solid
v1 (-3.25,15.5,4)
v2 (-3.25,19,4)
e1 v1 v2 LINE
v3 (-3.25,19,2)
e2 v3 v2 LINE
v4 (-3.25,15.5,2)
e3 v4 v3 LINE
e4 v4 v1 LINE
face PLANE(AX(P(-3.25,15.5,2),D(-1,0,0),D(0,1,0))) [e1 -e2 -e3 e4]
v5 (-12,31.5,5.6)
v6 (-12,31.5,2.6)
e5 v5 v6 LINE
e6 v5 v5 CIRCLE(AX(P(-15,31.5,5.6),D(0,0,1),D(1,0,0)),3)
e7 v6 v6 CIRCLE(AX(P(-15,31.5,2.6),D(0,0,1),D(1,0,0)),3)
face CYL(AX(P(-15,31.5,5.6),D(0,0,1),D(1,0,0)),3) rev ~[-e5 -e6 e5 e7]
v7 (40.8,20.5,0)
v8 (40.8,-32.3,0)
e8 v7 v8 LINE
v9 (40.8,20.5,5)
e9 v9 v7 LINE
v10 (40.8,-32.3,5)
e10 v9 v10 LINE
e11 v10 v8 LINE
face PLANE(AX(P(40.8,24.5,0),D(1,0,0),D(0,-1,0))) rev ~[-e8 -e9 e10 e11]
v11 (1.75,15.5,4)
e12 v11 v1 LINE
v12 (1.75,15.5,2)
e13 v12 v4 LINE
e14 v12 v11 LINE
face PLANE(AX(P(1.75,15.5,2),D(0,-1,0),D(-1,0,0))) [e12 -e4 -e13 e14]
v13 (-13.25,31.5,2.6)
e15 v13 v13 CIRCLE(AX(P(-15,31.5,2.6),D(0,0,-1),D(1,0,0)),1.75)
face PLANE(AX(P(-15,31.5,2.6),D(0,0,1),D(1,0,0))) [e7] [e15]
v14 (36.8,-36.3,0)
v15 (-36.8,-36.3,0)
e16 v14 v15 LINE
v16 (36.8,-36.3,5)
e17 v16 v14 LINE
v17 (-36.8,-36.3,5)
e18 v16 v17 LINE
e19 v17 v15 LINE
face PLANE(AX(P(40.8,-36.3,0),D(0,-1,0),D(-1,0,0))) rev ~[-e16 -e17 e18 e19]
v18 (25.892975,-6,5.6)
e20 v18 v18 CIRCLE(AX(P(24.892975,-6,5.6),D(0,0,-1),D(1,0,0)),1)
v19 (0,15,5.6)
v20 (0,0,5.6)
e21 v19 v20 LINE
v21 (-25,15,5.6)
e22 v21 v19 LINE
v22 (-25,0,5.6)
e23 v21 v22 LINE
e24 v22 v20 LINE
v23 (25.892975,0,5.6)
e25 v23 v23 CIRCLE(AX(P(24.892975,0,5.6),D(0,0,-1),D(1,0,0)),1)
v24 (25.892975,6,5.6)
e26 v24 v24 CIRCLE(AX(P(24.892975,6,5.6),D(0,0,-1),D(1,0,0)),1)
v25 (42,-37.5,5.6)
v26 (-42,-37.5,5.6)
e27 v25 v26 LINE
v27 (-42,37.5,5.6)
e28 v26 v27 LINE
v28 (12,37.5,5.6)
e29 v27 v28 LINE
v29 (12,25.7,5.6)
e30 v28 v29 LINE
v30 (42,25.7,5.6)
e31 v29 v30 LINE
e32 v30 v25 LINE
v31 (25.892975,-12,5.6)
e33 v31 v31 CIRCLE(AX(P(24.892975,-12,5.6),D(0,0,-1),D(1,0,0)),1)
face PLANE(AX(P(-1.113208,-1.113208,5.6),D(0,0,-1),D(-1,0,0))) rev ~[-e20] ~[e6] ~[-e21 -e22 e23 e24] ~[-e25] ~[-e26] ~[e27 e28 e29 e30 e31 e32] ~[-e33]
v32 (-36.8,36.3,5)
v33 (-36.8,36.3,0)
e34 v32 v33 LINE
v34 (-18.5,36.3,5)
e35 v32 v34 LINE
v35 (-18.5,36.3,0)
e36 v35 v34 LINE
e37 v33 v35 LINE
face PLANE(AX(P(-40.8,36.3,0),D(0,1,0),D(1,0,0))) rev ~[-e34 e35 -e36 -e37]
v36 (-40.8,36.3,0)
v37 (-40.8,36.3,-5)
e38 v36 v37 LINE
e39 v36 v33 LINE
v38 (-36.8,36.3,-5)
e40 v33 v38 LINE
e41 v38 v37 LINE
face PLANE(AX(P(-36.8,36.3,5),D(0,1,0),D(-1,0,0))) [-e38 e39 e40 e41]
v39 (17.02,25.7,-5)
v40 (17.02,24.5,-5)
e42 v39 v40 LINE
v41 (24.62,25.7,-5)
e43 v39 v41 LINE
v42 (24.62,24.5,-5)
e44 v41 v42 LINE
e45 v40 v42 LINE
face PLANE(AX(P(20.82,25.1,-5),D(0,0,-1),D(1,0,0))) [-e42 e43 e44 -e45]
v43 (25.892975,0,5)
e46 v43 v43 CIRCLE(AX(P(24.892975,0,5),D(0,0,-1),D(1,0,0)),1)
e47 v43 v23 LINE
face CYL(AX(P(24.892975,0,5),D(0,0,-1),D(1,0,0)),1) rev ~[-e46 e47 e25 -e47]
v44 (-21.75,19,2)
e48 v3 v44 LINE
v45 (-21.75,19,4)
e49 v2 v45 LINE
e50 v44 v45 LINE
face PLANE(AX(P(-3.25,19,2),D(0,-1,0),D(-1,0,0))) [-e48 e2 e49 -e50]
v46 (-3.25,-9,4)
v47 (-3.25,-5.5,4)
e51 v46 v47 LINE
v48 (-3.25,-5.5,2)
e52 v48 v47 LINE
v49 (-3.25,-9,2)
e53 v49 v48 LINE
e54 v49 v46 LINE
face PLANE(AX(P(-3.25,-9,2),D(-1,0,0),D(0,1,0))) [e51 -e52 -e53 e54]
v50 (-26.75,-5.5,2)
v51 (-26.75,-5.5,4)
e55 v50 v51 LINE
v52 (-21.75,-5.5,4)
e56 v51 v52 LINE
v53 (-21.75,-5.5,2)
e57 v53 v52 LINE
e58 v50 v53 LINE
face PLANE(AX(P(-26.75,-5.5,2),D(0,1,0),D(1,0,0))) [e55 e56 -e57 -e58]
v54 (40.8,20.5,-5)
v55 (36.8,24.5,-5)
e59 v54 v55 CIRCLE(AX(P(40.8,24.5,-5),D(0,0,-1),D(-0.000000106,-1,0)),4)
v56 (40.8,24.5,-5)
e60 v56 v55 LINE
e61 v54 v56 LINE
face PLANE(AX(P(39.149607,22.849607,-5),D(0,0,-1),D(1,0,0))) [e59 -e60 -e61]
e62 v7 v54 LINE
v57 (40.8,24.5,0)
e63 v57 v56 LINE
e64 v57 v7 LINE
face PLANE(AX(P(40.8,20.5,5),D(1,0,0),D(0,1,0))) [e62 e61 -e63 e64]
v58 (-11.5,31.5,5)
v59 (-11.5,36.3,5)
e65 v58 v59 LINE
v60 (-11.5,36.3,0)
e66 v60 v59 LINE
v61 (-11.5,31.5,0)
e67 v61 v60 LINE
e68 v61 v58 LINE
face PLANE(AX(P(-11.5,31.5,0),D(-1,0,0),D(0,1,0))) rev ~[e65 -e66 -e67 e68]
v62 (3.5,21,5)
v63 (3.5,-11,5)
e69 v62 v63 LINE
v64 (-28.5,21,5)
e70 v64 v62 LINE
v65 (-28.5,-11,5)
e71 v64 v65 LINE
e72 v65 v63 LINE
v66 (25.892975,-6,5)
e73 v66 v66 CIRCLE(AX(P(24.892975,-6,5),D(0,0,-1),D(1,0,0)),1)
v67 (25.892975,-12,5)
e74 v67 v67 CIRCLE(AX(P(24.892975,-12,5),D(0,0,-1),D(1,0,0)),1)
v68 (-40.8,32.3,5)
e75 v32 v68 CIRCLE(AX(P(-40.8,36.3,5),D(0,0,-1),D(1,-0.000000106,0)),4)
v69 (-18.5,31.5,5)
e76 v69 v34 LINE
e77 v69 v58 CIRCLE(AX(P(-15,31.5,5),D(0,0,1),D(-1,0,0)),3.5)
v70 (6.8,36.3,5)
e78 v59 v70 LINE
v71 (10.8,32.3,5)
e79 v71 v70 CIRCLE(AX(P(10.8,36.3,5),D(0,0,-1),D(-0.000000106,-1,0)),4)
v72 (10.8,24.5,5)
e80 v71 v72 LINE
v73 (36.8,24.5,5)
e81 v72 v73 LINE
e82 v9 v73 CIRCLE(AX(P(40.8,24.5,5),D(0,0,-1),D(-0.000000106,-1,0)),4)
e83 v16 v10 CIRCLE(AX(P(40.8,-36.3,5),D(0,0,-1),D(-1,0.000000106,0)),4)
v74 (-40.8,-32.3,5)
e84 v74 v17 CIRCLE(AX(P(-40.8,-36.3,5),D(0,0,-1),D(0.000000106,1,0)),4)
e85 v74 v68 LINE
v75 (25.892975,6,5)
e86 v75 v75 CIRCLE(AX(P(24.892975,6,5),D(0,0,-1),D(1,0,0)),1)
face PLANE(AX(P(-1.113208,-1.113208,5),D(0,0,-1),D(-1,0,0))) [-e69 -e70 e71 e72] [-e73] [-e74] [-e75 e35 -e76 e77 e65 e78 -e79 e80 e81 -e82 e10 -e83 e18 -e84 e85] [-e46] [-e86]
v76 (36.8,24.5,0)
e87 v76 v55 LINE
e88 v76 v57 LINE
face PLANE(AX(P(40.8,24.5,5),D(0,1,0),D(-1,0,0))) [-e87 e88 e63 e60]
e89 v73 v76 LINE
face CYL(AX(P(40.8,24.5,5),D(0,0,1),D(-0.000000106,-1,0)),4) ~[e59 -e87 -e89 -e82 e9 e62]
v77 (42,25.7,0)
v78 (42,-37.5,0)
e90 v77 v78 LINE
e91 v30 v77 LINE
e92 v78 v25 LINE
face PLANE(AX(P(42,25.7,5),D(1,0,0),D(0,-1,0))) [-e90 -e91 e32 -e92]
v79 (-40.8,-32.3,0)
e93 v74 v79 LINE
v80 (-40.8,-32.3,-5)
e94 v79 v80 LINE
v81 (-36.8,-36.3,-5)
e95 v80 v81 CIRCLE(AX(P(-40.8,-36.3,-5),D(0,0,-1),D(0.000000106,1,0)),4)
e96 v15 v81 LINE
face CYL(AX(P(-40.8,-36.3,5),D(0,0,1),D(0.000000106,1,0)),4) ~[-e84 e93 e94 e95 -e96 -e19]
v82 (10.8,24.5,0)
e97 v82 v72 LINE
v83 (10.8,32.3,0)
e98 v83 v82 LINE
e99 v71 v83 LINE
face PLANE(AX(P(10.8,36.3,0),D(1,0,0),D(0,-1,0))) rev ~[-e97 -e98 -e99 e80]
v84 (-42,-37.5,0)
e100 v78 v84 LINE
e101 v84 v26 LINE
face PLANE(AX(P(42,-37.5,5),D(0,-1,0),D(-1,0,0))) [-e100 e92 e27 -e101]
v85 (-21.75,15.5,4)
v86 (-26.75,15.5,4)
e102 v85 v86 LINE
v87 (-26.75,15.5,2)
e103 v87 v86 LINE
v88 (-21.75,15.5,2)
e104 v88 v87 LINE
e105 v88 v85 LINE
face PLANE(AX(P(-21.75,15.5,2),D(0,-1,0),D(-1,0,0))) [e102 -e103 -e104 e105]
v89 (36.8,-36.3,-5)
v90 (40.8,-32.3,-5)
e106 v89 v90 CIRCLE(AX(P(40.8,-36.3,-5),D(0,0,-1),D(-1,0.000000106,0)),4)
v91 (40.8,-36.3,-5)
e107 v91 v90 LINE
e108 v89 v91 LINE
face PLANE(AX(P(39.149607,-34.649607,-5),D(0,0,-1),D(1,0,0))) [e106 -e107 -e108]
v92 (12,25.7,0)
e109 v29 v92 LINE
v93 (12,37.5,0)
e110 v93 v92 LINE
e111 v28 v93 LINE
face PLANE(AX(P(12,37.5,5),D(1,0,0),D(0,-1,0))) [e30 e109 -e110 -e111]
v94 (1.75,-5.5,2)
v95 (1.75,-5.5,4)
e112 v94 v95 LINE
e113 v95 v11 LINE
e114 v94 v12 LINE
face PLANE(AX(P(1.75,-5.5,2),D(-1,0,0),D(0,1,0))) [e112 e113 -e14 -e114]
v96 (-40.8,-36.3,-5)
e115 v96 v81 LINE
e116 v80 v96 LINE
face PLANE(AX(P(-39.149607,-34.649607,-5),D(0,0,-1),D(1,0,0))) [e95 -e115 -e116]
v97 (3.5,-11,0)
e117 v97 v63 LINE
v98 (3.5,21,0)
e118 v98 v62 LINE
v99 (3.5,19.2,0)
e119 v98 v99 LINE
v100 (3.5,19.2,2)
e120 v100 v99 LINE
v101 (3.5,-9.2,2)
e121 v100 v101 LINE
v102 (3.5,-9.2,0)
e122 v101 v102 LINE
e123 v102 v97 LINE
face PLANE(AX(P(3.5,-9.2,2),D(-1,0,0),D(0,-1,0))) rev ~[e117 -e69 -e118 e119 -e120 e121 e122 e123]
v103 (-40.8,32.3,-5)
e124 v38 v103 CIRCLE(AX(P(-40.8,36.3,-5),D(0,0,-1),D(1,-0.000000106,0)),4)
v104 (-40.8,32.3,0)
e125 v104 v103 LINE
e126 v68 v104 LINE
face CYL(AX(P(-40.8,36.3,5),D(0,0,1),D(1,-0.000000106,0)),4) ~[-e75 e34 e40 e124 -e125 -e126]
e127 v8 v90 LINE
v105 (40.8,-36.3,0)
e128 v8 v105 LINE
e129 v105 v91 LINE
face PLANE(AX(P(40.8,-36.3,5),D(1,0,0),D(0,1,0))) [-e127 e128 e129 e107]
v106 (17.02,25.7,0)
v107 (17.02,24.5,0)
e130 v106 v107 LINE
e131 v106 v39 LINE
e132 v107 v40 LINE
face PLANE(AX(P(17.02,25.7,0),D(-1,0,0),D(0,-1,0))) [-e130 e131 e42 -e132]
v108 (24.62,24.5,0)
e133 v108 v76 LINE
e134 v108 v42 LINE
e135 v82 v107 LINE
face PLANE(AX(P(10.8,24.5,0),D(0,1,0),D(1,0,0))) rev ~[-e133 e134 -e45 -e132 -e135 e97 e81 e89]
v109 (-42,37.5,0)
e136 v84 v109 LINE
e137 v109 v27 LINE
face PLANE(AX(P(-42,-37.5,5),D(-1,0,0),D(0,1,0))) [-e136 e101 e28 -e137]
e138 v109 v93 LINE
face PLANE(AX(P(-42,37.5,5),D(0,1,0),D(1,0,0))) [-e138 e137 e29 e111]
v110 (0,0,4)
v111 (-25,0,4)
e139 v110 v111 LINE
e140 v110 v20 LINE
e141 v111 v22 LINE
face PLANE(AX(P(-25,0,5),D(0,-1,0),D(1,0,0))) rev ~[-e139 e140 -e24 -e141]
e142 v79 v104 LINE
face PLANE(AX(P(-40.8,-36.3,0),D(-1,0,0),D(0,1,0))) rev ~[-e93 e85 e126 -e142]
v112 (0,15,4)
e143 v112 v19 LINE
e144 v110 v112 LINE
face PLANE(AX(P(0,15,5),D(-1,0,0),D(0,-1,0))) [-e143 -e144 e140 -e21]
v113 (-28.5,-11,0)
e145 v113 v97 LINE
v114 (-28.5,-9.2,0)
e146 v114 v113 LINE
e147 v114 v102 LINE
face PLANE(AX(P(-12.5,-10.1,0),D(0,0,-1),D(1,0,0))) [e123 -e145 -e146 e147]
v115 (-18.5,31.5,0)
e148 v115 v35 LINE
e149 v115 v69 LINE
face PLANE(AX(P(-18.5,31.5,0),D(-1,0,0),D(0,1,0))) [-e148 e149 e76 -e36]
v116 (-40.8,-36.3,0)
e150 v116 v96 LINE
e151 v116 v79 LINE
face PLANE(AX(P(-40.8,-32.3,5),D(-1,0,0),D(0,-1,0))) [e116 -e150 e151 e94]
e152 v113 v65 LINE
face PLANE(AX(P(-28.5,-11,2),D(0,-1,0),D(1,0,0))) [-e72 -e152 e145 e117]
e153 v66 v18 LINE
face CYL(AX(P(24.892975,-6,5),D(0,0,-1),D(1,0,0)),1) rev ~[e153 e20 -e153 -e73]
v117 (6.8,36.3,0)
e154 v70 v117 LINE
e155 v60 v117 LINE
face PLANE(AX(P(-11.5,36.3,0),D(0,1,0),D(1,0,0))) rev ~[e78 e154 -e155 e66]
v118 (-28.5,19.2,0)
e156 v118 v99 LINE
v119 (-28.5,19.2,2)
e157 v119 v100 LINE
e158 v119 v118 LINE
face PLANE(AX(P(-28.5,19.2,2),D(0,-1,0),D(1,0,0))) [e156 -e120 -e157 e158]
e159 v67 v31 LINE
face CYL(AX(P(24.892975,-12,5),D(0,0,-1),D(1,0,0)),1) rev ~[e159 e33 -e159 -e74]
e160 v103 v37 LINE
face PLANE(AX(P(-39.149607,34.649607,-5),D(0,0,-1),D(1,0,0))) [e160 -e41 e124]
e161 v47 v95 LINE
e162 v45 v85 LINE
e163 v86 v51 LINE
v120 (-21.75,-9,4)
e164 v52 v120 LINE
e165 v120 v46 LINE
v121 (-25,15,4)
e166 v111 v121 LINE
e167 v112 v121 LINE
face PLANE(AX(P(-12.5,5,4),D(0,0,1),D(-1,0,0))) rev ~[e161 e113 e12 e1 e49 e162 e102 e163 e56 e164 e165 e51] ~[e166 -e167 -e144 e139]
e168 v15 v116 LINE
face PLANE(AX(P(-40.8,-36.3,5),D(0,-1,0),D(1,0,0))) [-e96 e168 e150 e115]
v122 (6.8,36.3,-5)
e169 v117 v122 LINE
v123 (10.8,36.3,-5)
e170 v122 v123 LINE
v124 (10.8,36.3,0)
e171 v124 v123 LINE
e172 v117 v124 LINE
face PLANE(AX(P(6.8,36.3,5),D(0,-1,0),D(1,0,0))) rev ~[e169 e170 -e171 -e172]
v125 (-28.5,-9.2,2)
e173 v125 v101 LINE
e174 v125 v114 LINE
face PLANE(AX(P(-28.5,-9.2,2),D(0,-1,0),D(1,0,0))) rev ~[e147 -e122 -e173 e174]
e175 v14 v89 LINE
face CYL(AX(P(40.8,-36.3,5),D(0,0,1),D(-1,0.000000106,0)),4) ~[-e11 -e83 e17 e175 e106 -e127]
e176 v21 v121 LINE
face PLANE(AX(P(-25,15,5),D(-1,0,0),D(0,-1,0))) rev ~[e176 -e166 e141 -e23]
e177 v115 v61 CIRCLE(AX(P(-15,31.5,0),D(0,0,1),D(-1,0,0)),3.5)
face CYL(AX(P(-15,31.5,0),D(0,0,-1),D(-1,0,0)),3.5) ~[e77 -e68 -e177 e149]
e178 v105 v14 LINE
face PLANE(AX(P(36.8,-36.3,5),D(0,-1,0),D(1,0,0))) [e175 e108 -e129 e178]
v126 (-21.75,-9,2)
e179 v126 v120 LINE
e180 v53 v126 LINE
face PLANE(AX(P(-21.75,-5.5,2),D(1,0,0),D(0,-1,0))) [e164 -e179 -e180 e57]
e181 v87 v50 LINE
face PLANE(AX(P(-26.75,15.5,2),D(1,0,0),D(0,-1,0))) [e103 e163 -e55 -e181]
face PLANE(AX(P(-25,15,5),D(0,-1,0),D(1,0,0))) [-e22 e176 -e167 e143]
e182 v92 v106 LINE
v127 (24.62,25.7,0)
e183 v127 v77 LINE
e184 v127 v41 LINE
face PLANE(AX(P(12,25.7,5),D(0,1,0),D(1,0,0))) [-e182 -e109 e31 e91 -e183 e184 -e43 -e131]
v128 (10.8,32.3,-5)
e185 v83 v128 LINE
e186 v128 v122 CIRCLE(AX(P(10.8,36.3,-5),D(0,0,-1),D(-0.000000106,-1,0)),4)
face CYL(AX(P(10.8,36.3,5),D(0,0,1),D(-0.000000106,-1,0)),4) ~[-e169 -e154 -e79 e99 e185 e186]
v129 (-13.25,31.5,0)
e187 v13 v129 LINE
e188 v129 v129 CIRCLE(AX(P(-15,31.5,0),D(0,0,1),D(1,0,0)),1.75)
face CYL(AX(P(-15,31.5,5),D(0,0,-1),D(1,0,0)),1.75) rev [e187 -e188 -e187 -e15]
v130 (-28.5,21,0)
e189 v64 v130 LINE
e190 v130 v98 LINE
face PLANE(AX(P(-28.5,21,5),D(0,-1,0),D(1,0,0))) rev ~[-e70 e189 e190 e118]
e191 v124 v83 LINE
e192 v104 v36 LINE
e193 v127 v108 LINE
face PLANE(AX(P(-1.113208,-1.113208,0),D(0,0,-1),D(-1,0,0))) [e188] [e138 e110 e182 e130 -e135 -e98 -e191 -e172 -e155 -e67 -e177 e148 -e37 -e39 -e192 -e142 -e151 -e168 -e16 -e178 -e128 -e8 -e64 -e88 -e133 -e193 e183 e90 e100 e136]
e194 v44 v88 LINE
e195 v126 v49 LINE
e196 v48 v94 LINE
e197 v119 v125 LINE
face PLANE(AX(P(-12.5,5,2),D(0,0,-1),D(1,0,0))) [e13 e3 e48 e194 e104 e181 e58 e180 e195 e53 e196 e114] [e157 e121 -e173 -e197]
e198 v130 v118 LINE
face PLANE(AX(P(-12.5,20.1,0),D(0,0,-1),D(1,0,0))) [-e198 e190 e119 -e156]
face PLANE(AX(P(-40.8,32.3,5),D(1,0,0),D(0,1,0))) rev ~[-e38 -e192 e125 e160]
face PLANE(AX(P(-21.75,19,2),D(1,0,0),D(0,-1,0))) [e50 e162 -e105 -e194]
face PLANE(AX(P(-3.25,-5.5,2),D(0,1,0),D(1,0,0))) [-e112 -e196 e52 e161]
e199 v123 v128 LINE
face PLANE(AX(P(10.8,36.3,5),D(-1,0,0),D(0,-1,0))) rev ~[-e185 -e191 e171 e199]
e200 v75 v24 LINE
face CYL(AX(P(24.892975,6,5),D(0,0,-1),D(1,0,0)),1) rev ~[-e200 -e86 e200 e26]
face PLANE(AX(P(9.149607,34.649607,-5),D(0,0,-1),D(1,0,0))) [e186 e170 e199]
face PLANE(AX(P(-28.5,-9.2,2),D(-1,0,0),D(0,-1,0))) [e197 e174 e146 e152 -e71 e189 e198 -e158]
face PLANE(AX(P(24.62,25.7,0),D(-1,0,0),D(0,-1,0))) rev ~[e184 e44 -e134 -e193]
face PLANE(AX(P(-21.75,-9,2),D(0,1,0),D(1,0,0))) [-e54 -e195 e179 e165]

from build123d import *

# Parameters (mm, degrees)
SKETCH058_R     = 1.75
PAD036_DEPTH    = 5
SKETCH059_R     = 1.75
PAD037_DEPTH    = 0.6
SKETCH060_R     = 3
POCKET018_DEPTH = 3
SKETCH064_W     = 25
SKETCH064_H     = 15
POCKET020_DEPTH = 5
SKETCH065_W     = 32
SKETCH065_H     = 32
SKETCH065_W_2   = 25
SKETCH065_H_2   = 15
PAD040_DEPTH    = 3
POCKET021_DEPTH = 2
SKETCH067_W     = 32
SKETCH067_H     = 1.8
PAD041_DEPTH    = 2
SKETCH069_W     = 7.6
SKETCH069_H     = 1.2
PAD042_DEPTH    = 5
SKETCH070_R     = 1
POCKET022_DEPTH = 0.601
PAD043_DEPTH    = 10


with BuildPart() as part:
    # Sketch058 → Pad036 (new body)
    with BuildSketch(Plane.XY):
        Polygon((-42, 37.5), (12, 37.5), (12, 25.7), (42, 25.7), (42, -37.5), (-42, -37.5), align=None)
        with Locations((-15, 31.5)):
            Circle(SKETCH058_R, mode=Mode.SUBTRACT)
        with BuildLine():
            ThreePointArc((-18.5, 31.5), (-15, 28), (-11.5, 31.5))
            Line((-11.5, 31.5), (-11.5, 36.3))
            Line((-11.5, 36.3), (10.8, 36.3))
            Line((10.8, 36.3), (10.8, 24.5))
            Line((10.8, 24.5), (40.8, 24.5))
            Line((40.8, 24.5), (40.8, -36.3))
            Line((40.8, -36.3), (-40.8, -36.3))
            Line((-40.8, -36.3), (-40.8, 36.3))
            Line((-40.8, 36.3), (-18.5, 36.3))
            Line((-18.5, 31.5), (-18.5, 36.3))
        make_face(mode=Mode.SUBTRACT)
    extrude(amount=PAD036_DEPTH)

    # Sketch059 (on Face19 of Pad036) → Pad037 (join)
    with BuildSketch(Plane.XY.offset(5)):
        Polygon((-42, 37.5), (12, 37.5), (12, 25.7), (42, 25.7), (42, -37.5), (-42, -37.5), align=None)
        with Locations((-15, 31.5)):
            Circle(SKETCH059_R, mode=Mode.SUBTRACT)
    extrude(amount=PAD037_DEPTH)

    # Sketch060 (on Face1 of Pad037) → Pocket018 (cut)
    with BuildSketch(Plane.XY.offset(5.6)):
        with Locations((-15, 31.5)):
            Circle(SKETCH060_R)
    extrude(amount=-POCKET018_DEPTH, mode=Mode.SUBTRACT)

    # Sketch064 → Pocket020 (cut)
    with BuildSketch(Plane(origin=(0, 0, 5), x_dir=(1, 0, 0), z_dir=(0, 0, -1))):
        with Locations((-12.5, -7.5)):
            Rectangle(SKETCH064_W, SKETCH064_H)
    extrude(amount=-POCKET020_DEPTH, mode=Mode.SUBTRACT)

    # Sketch065 (on Face14 of Pocket020) → Pad040 (join)
    with BuildSketch(Plane(origin=(0, 0, 5), x_dir=(1, 0, 0), z_dir=(0, 0, -1))):
        with Locations((-12.5, -5)):
            Rectangle(SKETCH065_W, SKETCH065_H)
        with Locations((-12.5, -7.5)):
            Rectangle(SKETCH065_W_2, SKETCH065_H_2, mode=Mode.SUBTRACT)
    extrude(amount=PAD040_DEPTH)

    # Sketch066 (on Face24 of Pad040) → Pocket021 (cut)
    with BuildSketch(Plane(origin=(0, 0, 2), x_dir=(1, 0, 0), z_dir=(0, 0, -1))):
        Polygon((-26.75, -15.5), (-26.75, 5.5), (-21.75, 5.5), (-21.75, 9), (-3.25, 9), (-3.25, 5.5), (1.75, 5.5), (1.75, -15.5), (-3.25, -15.5), (-3.25, -19), (-21.75, -19), (-21.75, -15.5), align=None)
    extrude(amount=-POCKET021_DEPTH, mode=Mode.SUBTRACT)

    # Sketch067 (on Face40 of Pocket021) → Pad041 (join)
    with BuildSketch(Plane(origin=(0, 0, 2), x_dir=(1, 0, 0), z_dir=(0, 0, -1))):
        with Locations((-12.5, 10.1)):
            Rectangle(SKETCH067_W, SKETCH067_H)
        with Locations((-12.5, -20.1)):
            Rectangle(SKETCH067_W, SKETCH067_H)
    extrude(amount=PAD041_DEPTH)

    # Sketch069 (on Face13 of Pad041) → Pad042 (join)
    with BuildSketch(Plane(origin=(0, 0, 0), x_dir=(1, 0, 0), z_dir=(0, 0, -1))):
        with Locations((20.82, -25.1)):
            Rectangle(SKETCH069_W, SKETCH069_H)
    extrude(amount=PAD042_DEPTH)

    # Sketch070 (on Face40 of Pad042) → Pocket022 (cut, through all)
    with BuildSketch(Plane(origin=(0, 0, 5), x_dir=(1, 0, 0), z_dir=(0, 0, -1))):
        with Locations((24.892975, 0)):
            Circle(SKETCH070_R)
        with Locations((24.892975, -6)):
            Circle(SKETCH070_R)
        with Locations((24.892975, 6)):
            Circle(SKETCH070_R)
        with Locations((24.892975, 12)):
            Circle(SKETCH070_R)
    extrude(amount=-POCKET022_DEPTH, mode=Mode.SUBTRACT)

    # Sketch071 (on Face22 of Pocket022) → Pad043 (join)
    with BuildSketch(Plane(origin=(0, 0, 5), x_dir=(1, 0, 0), z_dir=(0, 0, -1))):
        with BuildLine():
            ThreePointArc((10.8, -32.3), (7.971573, -33.471573), (6.8, -36.3))
            Line((6.8, -36.3), (10.8, -36.3))
            Line((10.8, -36.3), (10.8, -32.3))
        make_face()
        with BuildLine():
            ThreePointArc((40.8, -20.5), (37.971573, -21.671573), (36.8, -24.5))
            Line((40.8, -24.5), (36.8, -24.5))
            Line((40.8, -20.5), (40.8, -24.5))
        make_face()
        with BuildLine():
            ThreePointArc((36.8, 36.3), (37.971573, 33.471573), (40.8, 32.3))
            Line((40.8, 36.3), (40.8, 32.3))
            Line((36.8, 36.3), (40.8, 36.3))
        make_face()
        with BuildLine():
            ThreePointArc((-40.8, 32.3), (-37.971573, 33.471573), (-36.8, 36.3))
            Line((-40.8, 36.3), (-36.8, 36.3))
            Line((-40.8, 32.3), (-40.8, 36.3))
        make_face()
        with BuildLine():
            ThreePointArc((-36.8, -36.3), (-37.971573, -33.471573), (-40.8, -32.3))
            Line((-40.8, -32.3), (-40.8, -36.3))
            Line((-36.8, -36.3), (-40.8, -36.3))
        make_face()
    extrude(amount=PAD043_DEPTH)


solid = part.part
